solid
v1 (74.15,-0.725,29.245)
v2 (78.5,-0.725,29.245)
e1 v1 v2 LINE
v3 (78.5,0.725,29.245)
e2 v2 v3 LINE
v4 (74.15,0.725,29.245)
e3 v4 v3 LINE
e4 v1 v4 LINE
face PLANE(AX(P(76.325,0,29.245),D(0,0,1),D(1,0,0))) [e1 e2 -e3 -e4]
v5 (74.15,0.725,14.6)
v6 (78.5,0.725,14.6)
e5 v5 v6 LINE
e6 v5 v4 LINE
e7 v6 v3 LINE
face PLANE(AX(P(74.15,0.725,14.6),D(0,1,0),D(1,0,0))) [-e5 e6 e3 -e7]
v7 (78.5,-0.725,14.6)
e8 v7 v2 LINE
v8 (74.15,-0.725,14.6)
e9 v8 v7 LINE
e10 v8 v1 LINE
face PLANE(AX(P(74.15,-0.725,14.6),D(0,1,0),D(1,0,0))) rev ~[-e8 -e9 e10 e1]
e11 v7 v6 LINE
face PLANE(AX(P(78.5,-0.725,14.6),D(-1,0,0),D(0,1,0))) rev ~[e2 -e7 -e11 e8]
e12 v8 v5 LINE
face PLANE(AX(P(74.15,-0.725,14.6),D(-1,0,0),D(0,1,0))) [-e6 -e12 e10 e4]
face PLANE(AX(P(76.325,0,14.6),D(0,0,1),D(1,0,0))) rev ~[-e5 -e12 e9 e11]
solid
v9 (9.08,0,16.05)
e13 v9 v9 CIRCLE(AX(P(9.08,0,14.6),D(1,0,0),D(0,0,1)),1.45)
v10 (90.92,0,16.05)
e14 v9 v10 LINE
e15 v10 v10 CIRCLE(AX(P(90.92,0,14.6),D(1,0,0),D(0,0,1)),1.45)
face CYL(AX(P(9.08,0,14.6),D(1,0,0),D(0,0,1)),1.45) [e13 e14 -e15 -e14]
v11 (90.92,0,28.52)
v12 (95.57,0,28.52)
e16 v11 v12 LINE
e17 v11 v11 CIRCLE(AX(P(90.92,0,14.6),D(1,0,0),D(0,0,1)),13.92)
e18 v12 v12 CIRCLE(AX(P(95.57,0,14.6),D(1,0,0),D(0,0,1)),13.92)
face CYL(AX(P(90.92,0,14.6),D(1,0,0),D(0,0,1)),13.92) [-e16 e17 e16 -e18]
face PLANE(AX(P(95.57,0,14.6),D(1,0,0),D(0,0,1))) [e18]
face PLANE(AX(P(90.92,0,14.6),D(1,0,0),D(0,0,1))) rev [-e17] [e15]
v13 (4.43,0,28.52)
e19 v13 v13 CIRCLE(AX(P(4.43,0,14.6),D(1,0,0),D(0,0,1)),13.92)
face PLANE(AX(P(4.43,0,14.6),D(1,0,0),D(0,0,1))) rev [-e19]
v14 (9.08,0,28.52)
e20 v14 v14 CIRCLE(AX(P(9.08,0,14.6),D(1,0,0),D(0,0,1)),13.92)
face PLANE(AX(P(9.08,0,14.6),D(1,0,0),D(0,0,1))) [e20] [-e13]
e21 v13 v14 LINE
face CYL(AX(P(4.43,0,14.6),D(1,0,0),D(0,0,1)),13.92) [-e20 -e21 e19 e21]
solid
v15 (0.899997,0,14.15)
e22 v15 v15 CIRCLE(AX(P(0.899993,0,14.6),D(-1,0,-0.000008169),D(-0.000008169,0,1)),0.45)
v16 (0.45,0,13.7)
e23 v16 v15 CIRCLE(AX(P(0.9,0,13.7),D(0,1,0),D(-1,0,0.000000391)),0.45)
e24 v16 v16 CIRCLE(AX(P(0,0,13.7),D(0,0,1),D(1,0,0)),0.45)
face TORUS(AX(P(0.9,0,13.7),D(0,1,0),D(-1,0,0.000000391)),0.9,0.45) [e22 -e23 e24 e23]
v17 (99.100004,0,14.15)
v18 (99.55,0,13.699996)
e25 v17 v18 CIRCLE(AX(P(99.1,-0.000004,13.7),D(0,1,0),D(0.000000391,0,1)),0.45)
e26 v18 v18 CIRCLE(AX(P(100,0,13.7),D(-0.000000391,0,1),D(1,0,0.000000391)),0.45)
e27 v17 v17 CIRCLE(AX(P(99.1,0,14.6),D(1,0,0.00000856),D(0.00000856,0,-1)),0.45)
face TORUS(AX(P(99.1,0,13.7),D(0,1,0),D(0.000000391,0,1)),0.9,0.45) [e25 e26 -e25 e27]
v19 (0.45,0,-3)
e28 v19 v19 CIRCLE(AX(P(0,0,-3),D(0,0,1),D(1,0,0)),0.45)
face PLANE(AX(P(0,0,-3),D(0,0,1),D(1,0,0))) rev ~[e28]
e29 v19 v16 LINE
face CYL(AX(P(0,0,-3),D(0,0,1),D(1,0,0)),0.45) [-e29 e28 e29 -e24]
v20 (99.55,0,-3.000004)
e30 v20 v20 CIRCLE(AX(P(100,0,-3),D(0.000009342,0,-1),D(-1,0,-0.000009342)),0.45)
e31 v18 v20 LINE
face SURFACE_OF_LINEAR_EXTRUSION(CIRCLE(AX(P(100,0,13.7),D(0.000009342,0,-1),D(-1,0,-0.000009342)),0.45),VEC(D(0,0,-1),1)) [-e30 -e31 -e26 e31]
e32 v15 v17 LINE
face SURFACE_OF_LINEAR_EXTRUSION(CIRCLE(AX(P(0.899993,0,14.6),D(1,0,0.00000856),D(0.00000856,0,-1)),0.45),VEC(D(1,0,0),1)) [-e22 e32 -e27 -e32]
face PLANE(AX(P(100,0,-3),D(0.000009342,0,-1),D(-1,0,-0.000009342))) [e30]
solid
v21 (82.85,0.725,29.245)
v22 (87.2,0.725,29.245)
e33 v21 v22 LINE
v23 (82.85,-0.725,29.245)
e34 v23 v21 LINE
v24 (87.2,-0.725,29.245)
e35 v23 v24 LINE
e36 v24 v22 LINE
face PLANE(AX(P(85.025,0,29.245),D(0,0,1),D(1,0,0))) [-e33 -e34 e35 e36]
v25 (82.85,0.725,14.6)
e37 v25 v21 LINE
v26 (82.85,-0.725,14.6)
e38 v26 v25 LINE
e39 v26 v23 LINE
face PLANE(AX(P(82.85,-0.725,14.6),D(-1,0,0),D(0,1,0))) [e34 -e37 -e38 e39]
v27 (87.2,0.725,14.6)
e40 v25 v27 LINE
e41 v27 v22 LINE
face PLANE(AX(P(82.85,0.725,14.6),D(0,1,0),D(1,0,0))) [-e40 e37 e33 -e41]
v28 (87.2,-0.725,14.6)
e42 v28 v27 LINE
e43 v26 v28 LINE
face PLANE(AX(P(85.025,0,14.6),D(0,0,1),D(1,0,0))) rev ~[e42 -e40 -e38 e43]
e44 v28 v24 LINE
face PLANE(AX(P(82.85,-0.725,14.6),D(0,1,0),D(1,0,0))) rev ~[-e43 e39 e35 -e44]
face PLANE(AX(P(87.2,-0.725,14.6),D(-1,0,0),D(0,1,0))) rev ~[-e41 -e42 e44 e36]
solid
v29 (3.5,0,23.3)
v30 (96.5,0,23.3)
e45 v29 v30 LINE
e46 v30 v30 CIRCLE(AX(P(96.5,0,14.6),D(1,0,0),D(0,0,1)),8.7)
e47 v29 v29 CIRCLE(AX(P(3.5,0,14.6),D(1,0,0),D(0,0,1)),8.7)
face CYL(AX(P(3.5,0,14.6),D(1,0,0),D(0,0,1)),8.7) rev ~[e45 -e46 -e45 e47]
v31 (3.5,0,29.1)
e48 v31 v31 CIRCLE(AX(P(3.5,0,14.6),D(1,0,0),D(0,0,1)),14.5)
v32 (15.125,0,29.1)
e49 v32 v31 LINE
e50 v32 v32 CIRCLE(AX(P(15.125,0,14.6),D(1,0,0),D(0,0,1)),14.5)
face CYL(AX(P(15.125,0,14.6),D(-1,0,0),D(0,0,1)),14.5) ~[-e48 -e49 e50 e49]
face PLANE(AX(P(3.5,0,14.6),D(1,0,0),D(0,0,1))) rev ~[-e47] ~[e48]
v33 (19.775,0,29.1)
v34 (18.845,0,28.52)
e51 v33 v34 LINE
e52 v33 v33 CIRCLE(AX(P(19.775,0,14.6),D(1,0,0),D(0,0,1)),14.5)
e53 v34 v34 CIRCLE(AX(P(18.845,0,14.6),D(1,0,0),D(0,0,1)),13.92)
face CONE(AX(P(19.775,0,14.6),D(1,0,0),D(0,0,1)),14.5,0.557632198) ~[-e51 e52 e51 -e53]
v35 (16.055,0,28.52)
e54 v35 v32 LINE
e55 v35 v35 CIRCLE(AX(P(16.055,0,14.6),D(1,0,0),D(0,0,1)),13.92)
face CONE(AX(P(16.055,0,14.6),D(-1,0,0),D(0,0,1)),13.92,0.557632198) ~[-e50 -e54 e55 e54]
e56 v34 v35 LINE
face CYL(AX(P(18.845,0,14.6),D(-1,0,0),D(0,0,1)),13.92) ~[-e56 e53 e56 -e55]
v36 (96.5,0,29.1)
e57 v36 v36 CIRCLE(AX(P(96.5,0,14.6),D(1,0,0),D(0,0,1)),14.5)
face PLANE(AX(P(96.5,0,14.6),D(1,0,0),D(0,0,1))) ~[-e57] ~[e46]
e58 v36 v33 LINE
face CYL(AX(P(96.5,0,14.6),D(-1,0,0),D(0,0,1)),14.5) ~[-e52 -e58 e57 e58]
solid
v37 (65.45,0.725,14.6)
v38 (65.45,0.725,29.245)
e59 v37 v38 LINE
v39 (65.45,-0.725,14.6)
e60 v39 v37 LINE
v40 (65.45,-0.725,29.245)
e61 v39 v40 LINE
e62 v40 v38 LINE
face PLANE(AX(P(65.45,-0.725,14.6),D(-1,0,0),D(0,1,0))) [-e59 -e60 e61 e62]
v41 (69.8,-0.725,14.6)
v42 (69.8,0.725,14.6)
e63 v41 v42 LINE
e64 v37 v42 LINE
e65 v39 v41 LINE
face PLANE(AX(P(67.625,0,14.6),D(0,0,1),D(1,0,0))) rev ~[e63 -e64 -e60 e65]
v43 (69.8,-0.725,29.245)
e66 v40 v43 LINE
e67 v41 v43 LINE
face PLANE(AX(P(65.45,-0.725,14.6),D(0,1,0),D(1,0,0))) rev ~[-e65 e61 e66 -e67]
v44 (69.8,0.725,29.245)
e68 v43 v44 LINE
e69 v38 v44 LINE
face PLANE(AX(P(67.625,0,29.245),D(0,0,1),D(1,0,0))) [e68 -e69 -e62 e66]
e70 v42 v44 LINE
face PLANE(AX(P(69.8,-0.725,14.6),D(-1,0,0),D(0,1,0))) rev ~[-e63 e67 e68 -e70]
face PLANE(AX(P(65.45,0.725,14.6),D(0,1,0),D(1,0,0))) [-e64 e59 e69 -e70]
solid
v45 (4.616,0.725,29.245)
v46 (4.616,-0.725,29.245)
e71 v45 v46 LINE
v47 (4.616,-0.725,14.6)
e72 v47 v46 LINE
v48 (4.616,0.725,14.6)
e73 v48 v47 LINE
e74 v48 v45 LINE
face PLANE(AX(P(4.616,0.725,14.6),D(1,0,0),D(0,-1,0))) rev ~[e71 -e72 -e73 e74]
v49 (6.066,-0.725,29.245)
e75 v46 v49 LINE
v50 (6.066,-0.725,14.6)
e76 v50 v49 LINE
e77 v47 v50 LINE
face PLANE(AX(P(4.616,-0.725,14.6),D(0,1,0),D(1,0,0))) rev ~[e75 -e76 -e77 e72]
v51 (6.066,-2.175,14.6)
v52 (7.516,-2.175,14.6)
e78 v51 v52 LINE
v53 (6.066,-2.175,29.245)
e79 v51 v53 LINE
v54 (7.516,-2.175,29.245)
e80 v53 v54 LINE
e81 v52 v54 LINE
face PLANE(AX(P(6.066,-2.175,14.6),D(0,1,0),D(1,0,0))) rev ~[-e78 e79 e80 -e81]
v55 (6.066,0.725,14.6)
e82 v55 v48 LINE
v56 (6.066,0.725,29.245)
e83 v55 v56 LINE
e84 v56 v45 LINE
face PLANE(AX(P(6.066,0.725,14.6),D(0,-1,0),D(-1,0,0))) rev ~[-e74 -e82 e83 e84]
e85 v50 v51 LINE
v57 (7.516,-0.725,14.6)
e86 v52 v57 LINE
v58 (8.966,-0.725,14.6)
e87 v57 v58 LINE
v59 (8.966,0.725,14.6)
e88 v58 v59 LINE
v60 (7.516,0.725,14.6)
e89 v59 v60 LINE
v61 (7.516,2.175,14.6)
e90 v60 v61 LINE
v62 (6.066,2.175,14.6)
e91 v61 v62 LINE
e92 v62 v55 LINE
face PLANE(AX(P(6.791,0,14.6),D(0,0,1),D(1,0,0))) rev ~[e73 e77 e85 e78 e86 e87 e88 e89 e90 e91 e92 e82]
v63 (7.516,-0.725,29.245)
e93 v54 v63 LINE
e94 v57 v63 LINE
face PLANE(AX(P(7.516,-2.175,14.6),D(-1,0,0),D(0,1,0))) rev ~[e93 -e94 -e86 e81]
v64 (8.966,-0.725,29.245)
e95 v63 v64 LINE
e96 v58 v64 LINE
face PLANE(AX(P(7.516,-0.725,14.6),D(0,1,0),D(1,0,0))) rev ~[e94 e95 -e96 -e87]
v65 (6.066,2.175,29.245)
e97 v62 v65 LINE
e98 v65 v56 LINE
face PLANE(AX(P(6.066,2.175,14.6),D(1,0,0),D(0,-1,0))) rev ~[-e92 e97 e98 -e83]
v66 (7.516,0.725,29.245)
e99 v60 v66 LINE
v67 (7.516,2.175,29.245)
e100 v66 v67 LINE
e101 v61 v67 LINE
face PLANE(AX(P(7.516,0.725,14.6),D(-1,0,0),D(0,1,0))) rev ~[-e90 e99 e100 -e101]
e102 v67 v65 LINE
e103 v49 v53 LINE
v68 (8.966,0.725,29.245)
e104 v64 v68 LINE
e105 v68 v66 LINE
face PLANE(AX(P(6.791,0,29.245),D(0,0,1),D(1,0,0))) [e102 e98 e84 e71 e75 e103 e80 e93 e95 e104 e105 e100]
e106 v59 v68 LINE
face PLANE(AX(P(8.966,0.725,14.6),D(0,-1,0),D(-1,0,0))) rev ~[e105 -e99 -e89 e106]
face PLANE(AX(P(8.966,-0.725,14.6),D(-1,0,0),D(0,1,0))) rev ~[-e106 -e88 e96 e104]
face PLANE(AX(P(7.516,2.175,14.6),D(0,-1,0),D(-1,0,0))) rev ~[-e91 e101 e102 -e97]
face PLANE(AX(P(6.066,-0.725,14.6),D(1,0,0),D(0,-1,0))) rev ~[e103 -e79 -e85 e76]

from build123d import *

# Parameters (mm, degrees)
SKETCH_R    = 0.45
SKETCH004_W = 4.35
SKETCH004_H = 1.45
PAD_DEPTH   = 14.645


with BuildPart() as sweep_body:
    # Sweep: sweep along a path in Sketch001
    with BuildLine(Plane.XZ) as sweep_path:
        Line((0, -3), (0, 13.7))
        ThreePointArc((0, 13.7), (0.263601, 14.336393), (0.899993, 14.6))
        Line((0.899993, 14.6), (99.1, 14.6))
        ThreePointArc((99.1, 14.6), (99.736396, 14.336396), (100, 13.7))
        Line((100, 13.7), (100, -3))
    # Sketch → Sweep (sweep)
    with BuildSketch(Plane.XY.offset(-2)):
        Circle(SKETCH_R)
    sweep(path=sweep_path.line)


with BuildPart() as revolution:
    # Sketch002 → Revolution (revolve)
    with BuildSketch(Plane.XZ):
        Polygon((3.5, 29.1), (3.5, 23.3), (96.5, 23.3), (96.5, 29.1), (19.775, 29.1), (18.845, 28.52), (16.055, 28.52), (15.125, 29.1), align=None)
    revolve(axis=Axis((6.97588, 0, 14.6), (1, 0, 0)))


with BuildPart() as revolution001:
    # Sketch003 → Revolution001 (revolve)
    with BuildSketch(Plane.XZ):
        Polygon((4.43, 28.52), (9.08, 28.52), (9.08, 16.05), (90.92, 16.05), (90.92, 28.52), (95.57, 28.52), (95.57, 14.6), (4.43, 14.6), align=None)
    revolve(axis=Axis((6.97588, 0, 14.6), (1, 0, 0)))


with BuildPart() as pad:
    # Sketch004 → Pad (new body)
    with BuildSketch(Plane.XY.offset(14.6)):
        with Locations((85.025, 0)):
            Rectangle(SKETCH004_W, SKETCH004_H)
        with Locations((76.325, 0)):
            Rectangle(SKETCH004_W, SKETCH004_H)
        with Locations((67.625, 0)):
            Rectangle(SKETCH004_W, SKETCH004_H)
        Polygon((6.066, 0.725), (4.616, 0.725), (4.616, -0.725), (6.066, -0.725), (6.066, -2.175), (7.516, -2.175), (7.516, -0.725), (8.966, -0.725), (8.966, 0.725), (7.516, 0.725), (7.516, 2.175), (6.066, 2.175), align=None)
    extrude(amount=PAD_DEPTH)


solid = Compound([sweep_body.part, revolution.part, revolution001.part, pad.part])
